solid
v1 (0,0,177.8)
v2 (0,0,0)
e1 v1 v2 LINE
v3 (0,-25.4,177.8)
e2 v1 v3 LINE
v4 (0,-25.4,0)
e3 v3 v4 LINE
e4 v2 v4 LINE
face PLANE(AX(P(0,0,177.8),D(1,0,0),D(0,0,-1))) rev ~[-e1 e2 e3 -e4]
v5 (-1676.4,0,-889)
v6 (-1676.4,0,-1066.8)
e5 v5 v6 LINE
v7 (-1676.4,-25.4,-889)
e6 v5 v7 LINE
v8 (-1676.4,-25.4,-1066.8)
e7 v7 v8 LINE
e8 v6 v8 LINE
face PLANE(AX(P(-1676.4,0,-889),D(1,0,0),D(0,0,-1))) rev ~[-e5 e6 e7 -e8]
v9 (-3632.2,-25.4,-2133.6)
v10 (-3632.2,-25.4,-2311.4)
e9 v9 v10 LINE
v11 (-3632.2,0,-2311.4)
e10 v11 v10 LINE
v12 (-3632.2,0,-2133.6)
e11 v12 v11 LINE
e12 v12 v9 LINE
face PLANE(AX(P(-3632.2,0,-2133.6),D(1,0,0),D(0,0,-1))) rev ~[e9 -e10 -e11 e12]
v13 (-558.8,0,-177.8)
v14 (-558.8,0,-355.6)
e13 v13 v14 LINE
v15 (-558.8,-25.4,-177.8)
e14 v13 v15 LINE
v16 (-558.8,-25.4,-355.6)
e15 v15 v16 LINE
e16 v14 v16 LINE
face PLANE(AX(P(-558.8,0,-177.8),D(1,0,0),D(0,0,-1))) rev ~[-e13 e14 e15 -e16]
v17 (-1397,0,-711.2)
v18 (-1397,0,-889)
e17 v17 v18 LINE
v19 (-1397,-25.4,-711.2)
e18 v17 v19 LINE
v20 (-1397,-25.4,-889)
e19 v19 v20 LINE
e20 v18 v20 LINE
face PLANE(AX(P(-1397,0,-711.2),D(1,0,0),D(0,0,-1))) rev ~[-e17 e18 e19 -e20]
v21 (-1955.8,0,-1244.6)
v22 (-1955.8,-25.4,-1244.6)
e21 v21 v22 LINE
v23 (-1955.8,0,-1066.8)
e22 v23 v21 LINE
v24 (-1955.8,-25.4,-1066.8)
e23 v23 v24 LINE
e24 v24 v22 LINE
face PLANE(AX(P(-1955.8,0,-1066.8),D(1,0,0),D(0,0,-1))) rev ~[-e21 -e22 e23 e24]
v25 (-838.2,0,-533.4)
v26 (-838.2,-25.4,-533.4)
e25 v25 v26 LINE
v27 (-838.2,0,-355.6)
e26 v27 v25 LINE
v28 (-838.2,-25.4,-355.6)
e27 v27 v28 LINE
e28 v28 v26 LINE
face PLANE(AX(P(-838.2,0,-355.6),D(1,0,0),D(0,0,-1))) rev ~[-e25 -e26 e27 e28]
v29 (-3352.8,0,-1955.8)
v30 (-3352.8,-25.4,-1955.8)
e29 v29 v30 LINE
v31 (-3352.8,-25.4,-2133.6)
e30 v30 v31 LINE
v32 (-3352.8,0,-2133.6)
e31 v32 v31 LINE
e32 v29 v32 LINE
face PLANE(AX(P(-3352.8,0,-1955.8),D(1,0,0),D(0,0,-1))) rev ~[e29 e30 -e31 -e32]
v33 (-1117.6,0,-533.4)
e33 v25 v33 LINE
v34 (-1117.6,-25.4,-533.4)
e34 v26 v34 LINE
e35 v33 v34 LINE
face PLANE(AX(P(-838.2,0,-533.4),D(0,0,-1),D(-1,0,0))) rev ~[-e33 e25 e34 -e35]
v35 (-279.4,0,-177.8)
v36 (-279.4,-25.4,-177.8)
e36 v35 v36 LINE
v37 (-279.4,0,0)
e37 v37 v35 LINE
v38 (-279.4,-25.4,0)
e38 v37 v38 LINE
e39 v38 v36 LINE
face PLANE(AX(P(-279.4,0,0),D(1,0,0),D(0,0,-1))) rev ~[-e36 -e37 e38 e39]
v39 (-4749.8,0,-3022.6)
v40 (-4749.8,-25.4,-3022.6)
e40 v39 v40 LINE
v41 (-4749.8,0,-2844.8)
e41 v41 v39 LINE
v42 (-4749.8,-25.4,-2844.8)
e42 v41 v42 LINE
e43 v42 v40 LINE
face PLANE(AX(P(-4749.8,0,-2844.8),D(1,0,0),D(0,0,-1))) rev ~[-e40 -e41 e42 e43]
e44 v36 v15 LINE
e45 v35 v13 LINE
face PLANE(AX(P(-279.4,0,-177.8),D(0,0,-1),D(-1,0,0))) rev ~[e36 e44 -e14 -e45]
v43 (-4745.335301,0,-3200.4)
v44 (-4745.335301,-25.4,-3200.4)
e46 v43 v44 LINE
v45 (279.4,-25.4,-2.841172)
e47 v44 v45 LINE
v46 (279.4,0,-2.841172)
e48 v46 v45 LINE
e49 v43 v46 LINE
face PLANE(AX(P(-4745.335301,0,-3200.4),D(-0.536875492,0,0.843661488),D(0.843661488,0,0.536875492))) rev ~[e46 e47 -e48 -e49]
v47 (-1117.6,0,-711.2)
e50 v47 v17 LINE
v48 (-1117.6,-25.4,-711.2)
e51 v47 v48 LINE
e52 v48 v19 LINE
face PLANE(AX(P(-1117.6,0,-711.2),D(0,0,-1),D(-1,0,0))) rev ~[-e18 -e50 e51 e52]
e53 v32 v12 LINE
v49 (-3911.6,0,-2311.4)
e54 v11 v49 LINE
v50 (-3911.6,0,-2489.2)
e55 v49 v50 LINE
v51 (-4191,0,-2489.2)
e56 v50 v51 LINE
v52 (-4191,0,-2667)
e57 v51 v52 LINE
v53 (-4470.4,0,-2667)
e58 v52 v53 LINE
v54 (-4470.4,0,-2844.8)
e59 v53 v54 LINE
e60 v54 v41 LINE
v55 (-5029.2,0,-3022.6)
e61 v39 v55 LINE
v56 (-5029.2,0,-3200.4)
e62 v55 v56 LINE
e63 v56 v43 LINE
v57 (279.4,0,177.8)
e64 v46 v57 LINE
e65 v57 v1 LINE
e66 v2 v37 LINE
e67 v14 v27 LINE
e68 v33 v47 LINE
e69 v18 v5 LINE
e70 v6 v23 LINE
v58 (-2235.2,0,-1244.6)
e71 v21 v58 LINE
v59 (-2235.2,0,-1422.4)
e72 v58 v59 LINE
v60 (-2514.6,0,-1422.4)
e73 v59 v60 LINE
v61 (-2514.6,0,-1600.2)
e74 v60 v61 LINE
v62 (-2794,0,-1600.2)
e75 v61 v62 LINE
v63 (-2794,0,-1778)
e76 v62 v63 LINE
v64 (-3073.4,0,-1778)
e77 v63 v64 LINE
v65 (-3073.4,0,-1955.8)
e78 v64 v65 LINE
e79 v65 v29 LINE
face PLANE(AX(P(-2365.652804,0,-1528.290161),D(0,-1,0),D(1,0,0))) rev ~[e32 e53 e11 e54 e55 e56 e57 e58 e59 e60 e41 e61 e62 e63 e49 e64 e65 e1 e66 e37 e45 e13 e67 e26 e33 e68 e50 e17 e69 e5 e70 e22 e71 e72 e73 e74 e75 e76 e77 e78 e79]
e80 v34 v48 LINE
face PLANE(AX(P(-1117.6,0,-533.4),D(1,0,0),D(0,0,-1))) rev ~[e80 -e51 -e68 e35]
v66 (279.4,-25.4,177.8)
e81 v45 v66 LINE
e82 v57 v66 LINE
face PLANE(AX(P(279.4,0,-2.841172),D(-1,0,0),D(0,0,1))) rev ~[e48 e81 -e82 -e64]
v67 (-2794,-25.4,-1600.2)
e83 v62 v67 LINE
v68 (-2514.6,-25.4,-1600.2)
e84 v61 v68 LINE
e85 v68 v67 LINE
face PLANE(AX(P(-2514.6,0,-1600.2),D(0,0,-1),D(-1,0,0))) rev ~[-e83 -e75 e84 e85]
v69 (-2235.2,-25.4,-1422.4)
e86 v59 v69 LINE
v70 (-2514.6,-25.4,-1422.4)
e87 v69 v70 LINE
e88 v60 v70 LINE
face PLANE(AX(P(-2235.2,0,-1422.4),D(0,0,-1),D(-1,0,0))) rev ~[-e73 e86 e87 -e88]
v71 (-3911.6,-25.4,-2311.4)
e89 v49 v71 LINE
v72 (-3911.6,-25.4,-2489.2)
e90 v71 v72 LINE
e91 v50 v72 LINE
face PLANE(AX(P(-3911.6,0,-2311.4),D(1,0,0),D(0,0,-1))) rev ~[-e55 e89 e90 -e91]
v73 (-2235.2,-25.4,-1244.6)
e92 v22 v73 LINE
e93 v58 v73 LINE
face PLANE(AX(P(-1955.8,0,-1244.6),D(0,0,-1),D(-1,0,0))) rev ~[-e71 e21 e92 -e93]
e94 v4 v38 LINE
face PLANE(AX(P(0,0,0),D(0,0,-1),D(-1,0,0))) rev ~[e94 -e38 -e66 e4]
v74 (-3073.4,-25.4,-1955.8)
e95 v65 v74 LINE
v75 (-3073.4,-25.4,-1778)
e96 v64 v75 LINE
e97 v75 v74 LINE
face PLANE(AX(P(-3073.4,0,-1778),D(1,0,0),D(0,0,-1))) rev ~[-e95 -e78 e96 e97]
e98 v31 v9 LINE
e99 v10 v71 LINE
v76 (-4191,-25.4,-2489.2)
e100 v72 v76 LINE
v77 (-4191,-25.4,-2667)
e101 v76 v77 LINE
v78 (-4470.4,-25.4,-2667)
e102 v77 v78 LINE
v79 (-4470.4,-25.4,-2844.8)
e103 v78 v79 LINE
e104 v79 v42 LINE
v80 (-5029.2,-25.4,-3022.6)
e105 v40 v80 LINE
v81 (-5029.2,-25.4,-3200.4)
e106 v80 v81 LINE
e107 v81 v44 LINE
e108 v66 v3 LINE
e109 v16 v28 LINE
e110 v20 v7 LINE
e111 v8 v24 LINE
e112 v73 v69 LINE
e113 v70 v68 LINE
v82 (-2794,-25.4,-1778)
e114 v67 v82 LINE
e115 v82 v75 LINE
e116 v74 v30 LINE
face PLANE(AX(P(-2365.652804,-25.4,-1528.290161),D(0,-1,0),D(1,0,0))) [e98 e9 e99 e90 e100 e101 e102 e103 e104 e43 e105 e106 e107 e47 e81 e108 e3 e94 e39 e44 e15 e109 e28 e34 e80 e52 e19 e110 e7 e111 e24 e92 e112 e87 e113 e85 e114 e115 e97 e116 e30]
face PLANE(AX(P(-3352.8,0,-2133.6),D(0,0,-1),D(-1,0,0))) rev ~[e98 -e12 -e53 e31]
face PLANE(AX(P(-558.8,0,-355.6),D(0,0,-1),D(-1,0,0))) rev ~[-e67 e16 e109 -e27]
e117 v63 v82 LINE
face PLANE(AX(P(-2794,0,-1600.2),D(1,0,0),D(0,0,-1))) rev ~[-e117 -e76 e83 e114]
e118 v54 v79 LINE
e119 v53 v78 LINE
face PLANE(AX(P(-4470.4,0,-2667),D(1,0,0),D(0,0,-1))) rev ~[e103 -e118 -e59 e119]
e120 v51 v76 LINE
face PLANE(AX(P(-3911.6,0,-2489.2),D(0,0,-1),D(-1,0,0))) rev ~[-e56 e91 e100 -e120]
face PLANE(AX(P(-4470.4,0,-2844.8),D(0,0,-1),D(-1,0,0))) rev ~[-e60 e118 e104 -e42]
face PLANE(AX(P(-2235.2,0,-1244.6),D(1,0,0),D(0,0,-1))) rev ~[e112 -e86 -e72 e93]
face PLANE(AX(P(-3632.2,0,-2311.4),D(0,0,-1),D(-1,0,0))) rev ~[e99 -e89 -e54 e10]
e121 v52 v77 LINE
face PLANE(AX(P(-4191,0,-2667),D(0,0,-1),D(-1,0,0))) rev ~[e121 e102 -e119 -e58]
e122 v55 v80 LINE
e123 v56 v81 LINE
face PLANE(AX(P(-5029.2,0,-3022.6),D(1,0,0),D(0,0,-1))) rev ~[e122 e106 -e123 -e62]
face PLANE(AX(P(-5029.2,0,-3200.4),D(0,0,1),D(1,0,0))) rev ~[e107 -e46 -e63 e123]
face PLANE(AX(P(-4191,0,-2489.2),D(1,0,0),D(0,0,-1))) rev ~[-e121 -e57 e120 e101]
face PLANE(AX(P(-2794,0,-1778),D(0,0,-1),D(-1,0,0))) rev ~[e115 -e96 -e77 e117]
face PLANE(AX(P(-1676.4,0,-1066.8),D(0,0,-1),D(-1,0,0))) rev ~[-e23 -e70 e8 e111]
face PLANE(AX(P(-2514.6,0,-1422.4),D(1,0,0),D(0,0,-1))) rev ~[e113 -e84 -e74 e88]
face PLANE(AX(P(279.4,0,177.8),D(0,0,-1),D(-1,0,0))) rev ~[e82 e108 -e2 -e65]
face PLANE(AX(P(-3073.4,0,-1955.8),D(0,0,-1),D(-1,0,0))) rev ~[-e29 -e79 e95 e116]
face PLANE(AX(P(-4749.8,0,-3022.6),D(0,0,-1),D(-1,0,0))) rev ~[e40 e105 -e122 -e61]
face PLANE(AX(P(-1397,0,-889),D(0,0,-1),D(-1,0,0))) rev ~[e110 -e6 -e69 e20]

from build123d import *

# Parameters (mm, degrees)
F1_DEPTH = 25.4


with BuildPart() as f1:
    # F0 (on Front) → F1 (new body)
    with BuildSketch(Plane.XZ):
        Polygon((0, 177.8), (0, 0), (-279.4, 0), (-279.4, -177.8), (-558.8, -177.8), (-558.8, -355.6), (-838.2, -355.6), (-838.2, -533.4), (-1117.6, -533.4), (-1117.6, -711.2), (-1397, -711.2), (-1397, -889), (-1676.4, -889), (-1676.4, -1066.8), (-1955.8, -1066.8), (-1955.8, -1244.6), (-2235.2, -1244.6), (-2235.2, -1422.4), (-2514.6, -1422.4), (-2514.6, -1600.2), (-2794, -1600.2), (-2794, -1778), (-3073.4, -1778), (-3073.4, -1955.8), (-3352.8, -1955.8), (-3352.8, -2133.6), (-3632.2, -2133.6), (-3632.2, -2311.4), (-3911.6, -2311.4), (-3911.6, -2489.2), (-4191, -2489.2), (-4191, -2667), (-4470.4, -2667), (-4470.4, -2844.8), (-4749.8, -2844.8), (-4749.8, -3022.6), (-5029.2, -3022.6), (-5029.2, -3200.4), (-4745.335301, -3200.4), (279.4, -2.841172), (279.4, 177.8), align=None)
    extrude(amount=F1_DEPTH)


solid = f1.part
